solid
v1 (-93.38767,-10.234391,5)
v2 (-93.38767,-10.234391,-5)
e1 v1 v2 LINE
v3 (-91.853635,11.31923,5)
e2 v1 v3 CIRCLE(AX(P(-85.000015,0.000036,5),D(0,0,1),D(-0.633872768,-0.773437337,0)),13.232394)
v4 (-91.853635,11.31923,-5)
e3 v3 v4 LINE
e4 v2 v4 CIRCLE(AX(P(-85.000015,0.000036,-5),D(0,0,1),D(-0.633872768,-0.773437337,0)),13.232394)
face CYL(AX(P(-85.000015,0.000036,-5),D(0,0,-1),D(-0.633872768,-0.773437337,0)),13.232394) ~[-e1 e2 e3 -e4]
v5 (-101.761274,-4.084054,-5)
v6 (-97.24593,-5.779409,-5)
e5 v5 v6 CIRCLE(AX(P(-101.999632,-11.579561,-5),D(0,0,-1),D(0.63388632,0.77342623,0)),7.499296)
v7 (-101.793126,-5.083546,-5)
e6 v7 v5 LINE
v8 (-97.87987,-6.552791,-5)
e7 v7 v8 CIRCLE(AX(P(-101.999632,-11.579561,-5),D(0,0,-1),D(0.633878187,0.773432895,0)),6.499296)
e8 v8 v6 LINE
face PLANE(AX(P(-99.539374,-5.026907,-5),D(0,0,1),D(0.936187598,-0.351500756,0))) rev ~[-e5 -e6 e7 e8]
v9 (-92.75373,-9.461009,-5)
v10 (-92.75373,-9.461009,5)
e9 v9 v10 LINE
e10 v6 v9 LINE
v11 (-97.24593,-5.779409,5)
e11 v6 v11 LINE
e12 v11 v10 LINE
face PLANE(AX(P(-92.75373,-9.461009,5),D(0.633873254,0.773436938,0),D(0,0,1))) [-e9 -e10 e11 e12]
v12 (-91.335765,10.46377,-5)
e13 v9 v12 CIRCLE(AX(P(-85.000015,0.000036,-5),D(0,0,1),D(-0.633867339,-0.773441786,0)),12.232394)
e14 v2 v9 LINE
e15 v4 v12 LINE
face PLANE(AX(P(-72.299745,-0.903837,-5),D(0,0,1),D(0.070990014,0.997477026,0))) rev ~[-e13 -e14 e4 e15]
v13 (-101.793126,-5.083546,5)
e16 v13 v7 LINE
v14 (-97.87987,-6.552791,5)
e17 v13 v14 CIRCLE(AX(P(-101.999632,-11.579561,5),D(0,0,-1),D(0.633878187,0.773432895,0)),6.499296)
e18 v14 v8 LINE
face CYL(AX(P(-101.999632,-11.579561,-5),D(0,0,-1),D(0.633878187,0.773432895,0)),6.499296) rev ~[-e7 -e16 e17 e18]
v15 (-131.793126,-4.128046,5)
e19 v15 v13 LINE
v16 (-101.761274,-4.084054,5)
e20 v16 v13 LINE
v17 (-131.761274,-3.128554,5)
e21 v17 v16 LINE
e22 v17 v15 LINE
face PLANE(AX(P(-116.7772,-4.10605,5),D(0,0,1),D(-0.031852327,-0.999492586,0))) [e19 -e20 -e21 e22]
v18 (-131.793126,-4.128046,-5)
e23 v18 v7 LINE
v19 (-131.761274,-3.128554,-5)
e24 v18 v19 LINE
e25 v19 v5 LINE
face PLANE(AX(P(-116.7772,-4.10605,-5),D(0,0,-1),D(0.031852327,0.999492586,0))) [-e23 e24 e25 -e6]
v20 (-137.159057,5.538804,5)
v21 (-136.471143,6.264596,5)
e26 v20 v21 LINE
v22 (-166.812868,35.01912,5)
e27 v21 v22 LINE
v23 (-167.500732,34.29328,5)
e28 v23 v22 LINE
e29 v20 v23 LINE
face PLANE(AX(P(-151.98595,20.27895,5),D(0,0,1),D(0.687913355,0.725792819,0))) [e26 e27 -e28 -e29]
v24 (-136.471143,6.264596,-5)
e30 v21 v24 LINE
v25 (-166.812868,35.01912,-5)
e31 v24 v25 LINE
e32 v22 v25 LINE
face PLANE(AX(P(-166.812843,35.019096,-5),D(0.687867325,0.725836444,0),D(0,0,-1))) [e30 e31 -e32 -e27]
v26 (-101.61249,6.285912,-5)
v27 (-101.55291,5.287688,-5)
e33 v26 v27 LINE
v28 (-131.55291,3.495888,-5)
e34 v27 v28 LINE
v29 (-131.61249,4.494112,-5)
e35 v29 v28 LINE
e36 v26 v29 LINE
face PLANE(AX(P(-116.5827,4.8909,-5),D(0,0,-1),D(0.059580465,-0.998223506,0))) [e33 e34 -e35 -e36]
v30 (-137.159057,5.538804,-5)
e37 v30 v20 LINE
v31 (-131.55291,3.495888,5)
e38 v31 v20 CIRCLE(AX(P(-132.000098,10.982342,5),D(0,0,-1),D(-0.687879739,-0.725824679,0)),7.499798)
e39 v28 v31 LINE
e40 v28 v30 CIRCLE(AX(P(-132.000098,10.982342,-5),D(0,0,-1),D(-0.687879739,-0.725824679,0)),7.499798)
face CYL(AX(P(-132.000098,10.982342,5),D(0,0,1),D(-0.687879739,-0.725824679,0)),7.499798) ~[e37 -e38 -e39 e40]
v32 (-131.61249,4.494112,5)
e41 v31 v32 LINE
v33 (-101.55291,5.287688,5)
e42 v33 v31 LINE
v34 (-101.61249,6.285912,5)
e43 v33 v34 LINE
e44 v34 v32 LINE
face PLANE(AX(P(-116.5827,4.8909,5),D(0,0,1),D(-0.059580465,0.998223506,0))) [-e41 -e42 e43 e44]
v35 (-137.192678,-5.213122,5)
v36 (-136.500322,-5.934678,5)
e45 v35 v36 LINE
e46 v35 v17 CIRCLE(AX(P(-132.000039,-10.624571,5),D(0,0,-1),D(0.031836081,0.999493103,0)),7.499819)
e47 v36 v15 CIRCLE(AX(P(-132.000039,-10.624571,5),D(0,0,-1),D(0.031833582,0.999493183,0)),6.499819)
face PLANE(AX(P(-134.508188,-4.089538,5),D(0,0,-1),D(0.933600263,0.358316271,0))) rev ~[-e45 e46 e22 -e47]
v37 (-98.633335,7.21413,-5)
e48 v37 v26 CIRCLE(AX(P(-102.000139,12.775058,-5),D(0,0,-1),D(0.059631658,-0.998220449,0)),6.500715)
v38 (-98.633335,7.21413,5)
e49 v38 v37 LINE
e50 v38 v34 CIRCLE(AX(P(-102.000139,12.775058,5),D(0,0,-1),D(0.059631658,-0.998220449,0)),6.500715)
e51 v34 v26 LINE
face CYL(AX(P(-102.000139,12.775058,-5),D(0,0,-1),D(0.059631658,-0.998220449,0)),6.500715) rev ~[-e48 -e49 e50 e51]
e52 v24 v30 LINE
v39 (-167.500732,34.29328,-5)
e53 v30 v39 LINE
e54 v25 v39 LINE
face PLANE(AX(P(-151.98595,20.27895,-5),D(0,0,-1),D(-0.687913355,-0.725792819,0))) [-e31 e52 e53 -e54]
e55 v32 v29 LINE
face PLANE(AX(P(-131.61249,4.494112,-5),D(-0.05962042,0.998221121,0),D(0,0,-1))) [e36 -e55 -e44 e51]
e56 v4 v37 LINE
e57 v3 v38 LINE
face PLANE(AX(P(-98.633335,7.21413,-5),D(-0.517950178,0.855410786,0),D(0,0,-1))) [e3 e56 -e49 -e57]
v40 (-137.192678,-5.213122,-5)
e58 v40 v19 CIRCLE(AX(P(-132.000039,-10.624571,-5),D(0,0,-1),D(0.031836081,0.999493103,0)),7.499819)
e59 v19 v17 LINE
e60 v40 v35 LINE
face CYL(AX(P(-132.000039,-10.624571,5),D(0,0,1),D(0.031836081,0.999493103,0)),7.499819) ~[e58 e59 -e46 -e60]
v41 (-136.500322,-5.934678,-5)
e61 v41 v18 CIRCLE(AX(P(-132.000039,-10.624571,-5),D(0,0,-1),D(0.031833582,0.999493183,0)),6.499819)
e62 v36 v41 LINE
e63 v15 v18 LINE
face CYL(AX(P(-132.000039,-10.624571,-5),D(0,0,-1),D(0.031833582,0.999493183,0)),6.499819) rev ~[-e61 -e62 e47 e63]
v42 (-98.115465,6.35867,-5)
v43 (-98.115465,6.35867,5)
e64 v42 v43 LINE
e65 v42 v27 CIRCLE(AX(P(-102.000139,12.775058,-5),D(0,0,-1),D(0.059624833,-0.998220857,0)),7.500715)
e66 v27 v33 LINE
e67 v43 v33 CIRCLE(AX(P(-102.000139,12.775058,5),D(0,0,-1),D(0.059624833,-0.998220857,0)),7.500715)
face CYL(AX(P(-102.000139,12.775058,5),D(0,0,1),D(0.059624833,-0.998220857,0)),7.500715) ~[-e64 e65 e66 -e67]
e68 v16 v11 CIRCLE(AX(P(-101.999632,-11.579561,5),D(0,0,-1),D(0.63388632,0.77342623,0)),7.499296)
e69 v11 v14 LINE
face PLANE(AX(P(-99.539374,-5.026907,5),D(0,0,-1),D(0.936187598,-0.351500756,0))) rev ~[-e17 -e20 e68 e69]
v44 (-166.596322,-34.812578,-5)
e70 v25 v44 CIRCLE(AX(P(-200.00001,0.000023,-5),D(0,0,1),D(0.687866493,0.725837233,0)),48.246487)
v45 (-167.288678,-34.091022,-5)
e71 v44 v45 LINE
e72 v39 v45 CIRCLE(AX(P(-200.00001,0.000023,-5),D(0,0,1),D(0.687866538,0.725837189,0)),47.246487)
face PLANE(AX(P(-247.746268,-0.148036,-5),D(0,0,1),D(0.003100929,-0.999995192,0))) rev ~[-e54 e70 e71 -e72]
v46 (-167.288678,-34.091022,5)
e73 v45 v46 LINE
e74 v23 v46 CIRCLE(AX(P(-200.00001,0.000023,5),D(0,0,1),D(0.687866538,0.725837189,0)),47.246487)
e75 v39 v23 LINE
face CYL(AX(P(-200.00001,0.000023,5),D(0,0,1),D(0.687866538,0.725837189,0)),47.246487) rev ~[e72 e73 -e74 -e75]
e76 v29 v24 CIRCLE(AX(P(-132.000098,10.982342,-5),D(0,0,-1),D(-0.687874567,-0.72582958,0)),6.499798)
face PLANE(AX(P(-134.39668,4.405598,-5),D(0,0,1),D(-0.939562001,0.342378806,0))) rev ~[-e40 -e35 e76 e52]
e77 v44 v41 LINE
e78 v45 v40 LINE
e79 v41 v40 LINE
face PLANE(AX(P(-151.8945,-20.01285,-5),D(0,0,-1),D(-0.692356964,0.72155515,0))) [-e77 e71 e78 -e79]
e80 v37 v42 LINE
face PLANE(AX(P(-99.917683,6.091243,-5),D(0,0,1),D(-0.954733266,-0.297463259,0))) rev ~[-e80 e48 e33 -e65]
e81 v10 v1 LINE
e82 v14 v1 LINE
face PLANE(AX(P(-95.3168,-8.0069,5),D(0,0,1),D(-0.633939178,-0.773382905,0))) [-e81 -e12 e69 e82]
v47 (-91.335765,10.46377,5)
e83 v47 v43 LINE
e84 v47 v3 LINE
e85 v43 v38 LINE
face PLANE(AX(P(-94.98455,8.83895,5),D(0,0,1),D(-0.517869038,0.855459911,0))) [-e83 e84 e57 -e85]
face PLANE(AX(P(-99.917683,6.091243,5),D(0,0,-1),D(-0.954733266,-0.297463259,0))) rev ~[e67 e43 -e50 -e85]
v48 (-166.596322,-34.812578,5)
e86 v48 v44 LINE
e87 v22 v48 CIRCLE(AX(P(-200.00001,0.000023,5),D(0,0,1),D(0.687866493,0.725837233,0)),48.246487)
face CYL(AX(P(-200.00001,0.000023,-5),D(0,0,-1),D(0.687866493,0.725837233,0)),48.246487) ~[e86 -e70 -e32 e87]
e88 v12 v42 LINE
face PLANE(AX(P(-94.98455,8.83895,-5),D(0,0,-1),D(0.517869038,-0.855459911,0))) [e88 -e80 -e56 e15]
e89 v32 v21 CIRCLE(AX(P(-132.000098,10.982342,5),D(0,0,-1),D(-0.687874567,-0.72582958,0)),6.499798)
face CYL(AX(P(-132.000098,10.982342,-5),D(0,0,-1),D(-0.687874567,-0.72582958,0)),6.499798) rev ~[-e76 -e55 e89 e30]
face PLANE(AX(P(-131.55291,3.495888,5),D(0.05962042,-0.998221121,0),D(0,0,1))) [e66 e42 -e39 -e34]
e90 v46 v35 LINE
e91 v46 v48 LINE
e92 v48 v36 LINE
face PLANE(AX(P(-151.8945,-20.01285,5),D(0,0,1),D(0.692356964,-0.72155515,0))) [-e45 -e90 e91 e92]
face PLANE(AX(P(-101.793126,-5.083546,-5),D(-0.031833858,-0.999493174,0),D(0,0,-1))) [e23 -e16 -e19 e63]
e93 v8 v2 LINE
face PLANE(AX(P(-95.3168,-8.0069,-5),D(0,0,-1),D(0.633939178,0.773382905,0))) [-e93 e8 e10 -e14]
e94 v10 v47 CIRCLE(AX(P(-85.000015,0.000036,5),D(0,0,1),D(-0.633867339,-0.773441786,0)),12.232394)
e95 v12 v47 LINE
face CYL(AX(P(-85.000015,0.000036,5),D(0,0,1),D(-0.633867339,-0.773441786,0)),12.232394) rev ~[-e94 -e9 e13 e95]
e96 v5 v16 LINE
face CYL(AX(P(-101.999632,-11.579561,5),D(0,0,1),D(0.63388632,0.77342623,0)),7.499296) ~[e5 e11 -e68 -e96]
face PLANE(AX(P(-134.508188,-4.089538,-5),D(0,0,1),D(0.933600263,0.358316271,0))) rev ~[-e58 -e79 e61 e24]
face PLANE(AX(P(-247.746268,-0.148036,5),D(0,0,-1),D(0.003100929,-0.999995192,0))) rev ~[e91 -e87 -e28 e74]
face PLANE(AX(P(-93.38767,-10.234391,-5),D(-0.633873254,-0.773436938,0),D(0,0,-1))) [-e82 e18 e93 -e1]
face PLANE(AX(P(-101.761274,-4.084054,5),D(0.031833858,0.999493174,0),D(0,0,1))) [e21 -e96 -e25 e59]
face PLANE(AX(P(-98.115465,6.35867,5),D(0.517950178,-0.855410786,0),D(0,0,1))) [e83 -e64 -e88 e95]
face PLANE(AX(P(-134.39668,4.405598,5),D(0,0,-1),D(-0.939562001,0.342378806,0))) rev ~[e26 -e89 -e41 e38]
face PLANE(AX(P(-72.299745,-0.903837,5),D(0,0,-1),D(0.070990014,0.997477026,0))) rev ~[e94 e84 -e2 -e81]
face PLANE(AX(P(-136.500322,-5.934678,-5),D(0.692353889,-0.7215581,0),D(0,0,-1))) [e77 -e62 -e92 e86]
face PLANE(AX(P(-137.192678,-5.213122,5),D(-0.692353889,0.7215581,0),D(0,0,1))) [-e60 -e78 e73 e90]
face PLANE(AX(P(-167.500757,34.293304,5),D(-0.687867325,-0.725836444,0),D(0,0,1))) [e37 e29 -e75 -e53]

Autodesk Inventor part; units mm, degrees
sketch "Skizzenpfad" plane through (0, 0, 0) normal (0, 0, 1) x (1, 0, 0)
  arc A0 (-167.1568, 34.6562) -> (-166.9425, -34.4518) centre (-200, 0) ccw
  arc A1 (-136.8151, 5.9017) -> (-131.5827, 3.995) centre (-132, 10.9825) ccw
  arc A2 (-101.5827, 5.7868) -> (-98.3744, 6.7864) centre (-102, 12.7743) ccw
  arc A3 (-93.0707, -9.8477) -> (-91.5947, 10.8915) centre (-85, 0) ccw
  arc A4 (-97.5629, -6.1661) -> (-101.7772, -4.5838) centre (-102, -11.5802) ccw
  arc A5 (-131.7772, -3.6283) -> (-136.8465, -5.5739) centre (-132, -10.6248) ccw
  line L0 (-136.8465, -5.5739) -> (-166.9425, -34.4518)
  line L1 (-167.1568, 34.6562) -> (-136.8151, 5.9017)
  line L2 (-131.5827, 3.995) -> (-101.5827, 5.7868)
  line L3 (-98.3744, 6.7864) -> (-91.5947, 10.8915)
  line L4 (-93.0707, -9.8477) -> (-97.5629, -6.1661)
  line L5 (-101.7772, -4.5838) -> (-131.7772, -3.6283)
ref_plane "Querschnittsebene" through (-166.9425, -34.4518, 0) normal (0.7216, 0.6924, 0) x (0, 0, 1)
ref_plane "Arbeitsebene2" through (-200, 0, 0) normal (-1, 0, 0) x (0, 0, 1)
ref_plane "Arbeitsebene3" through (-85, 0, 0) normal (-0.987, -0.1605, 0) x (0, 0, 1)
sketch "Querschnitt" plane through (-166.9425, -34.4518, 0) normal (0.7216, 0.6924, 0) x (0, 0, 1)
  line L0 (-5, 0.5) -> (5, 0.5)
  line L1 (5, 0.5) -> (5, -0.5)
  line L2 (5, -0.5) -> (-5, -0.5)
  line L3 (-5, -0.5) -> (-5, 0.5)
  line L4 (-5, 0) -> (5, 0) construction
  point P0 (0, 0)
  point P1 (0, 0)
  dimension "d0" = 10
  dimension "d4" = 0.5
  dimension "d5" = 0.5
sweep "Riemen" add profiles "Querschnitt" path "Skizzenpfad"
equation "\"d0\" = da_B"
equation "\"d4\" = da_a"
equation "\"d5\" = da_a2"
equation "\"da_B\" = 10"
equation "\"da_pb\" = 5"
equation "\"da_L\" = 455"
equation "\"da_a\" = 0.5"
equation "\"da_S\" = 2.65"
equation "\"da_Beta\" = 20deg"
equation "\"da_Ht\" = 1.2"
equation "\"da_H\" = 2.2"
equation "\"da_a2\" = 0.5"
properties part number "Zahnriemen" material "Rubber"
